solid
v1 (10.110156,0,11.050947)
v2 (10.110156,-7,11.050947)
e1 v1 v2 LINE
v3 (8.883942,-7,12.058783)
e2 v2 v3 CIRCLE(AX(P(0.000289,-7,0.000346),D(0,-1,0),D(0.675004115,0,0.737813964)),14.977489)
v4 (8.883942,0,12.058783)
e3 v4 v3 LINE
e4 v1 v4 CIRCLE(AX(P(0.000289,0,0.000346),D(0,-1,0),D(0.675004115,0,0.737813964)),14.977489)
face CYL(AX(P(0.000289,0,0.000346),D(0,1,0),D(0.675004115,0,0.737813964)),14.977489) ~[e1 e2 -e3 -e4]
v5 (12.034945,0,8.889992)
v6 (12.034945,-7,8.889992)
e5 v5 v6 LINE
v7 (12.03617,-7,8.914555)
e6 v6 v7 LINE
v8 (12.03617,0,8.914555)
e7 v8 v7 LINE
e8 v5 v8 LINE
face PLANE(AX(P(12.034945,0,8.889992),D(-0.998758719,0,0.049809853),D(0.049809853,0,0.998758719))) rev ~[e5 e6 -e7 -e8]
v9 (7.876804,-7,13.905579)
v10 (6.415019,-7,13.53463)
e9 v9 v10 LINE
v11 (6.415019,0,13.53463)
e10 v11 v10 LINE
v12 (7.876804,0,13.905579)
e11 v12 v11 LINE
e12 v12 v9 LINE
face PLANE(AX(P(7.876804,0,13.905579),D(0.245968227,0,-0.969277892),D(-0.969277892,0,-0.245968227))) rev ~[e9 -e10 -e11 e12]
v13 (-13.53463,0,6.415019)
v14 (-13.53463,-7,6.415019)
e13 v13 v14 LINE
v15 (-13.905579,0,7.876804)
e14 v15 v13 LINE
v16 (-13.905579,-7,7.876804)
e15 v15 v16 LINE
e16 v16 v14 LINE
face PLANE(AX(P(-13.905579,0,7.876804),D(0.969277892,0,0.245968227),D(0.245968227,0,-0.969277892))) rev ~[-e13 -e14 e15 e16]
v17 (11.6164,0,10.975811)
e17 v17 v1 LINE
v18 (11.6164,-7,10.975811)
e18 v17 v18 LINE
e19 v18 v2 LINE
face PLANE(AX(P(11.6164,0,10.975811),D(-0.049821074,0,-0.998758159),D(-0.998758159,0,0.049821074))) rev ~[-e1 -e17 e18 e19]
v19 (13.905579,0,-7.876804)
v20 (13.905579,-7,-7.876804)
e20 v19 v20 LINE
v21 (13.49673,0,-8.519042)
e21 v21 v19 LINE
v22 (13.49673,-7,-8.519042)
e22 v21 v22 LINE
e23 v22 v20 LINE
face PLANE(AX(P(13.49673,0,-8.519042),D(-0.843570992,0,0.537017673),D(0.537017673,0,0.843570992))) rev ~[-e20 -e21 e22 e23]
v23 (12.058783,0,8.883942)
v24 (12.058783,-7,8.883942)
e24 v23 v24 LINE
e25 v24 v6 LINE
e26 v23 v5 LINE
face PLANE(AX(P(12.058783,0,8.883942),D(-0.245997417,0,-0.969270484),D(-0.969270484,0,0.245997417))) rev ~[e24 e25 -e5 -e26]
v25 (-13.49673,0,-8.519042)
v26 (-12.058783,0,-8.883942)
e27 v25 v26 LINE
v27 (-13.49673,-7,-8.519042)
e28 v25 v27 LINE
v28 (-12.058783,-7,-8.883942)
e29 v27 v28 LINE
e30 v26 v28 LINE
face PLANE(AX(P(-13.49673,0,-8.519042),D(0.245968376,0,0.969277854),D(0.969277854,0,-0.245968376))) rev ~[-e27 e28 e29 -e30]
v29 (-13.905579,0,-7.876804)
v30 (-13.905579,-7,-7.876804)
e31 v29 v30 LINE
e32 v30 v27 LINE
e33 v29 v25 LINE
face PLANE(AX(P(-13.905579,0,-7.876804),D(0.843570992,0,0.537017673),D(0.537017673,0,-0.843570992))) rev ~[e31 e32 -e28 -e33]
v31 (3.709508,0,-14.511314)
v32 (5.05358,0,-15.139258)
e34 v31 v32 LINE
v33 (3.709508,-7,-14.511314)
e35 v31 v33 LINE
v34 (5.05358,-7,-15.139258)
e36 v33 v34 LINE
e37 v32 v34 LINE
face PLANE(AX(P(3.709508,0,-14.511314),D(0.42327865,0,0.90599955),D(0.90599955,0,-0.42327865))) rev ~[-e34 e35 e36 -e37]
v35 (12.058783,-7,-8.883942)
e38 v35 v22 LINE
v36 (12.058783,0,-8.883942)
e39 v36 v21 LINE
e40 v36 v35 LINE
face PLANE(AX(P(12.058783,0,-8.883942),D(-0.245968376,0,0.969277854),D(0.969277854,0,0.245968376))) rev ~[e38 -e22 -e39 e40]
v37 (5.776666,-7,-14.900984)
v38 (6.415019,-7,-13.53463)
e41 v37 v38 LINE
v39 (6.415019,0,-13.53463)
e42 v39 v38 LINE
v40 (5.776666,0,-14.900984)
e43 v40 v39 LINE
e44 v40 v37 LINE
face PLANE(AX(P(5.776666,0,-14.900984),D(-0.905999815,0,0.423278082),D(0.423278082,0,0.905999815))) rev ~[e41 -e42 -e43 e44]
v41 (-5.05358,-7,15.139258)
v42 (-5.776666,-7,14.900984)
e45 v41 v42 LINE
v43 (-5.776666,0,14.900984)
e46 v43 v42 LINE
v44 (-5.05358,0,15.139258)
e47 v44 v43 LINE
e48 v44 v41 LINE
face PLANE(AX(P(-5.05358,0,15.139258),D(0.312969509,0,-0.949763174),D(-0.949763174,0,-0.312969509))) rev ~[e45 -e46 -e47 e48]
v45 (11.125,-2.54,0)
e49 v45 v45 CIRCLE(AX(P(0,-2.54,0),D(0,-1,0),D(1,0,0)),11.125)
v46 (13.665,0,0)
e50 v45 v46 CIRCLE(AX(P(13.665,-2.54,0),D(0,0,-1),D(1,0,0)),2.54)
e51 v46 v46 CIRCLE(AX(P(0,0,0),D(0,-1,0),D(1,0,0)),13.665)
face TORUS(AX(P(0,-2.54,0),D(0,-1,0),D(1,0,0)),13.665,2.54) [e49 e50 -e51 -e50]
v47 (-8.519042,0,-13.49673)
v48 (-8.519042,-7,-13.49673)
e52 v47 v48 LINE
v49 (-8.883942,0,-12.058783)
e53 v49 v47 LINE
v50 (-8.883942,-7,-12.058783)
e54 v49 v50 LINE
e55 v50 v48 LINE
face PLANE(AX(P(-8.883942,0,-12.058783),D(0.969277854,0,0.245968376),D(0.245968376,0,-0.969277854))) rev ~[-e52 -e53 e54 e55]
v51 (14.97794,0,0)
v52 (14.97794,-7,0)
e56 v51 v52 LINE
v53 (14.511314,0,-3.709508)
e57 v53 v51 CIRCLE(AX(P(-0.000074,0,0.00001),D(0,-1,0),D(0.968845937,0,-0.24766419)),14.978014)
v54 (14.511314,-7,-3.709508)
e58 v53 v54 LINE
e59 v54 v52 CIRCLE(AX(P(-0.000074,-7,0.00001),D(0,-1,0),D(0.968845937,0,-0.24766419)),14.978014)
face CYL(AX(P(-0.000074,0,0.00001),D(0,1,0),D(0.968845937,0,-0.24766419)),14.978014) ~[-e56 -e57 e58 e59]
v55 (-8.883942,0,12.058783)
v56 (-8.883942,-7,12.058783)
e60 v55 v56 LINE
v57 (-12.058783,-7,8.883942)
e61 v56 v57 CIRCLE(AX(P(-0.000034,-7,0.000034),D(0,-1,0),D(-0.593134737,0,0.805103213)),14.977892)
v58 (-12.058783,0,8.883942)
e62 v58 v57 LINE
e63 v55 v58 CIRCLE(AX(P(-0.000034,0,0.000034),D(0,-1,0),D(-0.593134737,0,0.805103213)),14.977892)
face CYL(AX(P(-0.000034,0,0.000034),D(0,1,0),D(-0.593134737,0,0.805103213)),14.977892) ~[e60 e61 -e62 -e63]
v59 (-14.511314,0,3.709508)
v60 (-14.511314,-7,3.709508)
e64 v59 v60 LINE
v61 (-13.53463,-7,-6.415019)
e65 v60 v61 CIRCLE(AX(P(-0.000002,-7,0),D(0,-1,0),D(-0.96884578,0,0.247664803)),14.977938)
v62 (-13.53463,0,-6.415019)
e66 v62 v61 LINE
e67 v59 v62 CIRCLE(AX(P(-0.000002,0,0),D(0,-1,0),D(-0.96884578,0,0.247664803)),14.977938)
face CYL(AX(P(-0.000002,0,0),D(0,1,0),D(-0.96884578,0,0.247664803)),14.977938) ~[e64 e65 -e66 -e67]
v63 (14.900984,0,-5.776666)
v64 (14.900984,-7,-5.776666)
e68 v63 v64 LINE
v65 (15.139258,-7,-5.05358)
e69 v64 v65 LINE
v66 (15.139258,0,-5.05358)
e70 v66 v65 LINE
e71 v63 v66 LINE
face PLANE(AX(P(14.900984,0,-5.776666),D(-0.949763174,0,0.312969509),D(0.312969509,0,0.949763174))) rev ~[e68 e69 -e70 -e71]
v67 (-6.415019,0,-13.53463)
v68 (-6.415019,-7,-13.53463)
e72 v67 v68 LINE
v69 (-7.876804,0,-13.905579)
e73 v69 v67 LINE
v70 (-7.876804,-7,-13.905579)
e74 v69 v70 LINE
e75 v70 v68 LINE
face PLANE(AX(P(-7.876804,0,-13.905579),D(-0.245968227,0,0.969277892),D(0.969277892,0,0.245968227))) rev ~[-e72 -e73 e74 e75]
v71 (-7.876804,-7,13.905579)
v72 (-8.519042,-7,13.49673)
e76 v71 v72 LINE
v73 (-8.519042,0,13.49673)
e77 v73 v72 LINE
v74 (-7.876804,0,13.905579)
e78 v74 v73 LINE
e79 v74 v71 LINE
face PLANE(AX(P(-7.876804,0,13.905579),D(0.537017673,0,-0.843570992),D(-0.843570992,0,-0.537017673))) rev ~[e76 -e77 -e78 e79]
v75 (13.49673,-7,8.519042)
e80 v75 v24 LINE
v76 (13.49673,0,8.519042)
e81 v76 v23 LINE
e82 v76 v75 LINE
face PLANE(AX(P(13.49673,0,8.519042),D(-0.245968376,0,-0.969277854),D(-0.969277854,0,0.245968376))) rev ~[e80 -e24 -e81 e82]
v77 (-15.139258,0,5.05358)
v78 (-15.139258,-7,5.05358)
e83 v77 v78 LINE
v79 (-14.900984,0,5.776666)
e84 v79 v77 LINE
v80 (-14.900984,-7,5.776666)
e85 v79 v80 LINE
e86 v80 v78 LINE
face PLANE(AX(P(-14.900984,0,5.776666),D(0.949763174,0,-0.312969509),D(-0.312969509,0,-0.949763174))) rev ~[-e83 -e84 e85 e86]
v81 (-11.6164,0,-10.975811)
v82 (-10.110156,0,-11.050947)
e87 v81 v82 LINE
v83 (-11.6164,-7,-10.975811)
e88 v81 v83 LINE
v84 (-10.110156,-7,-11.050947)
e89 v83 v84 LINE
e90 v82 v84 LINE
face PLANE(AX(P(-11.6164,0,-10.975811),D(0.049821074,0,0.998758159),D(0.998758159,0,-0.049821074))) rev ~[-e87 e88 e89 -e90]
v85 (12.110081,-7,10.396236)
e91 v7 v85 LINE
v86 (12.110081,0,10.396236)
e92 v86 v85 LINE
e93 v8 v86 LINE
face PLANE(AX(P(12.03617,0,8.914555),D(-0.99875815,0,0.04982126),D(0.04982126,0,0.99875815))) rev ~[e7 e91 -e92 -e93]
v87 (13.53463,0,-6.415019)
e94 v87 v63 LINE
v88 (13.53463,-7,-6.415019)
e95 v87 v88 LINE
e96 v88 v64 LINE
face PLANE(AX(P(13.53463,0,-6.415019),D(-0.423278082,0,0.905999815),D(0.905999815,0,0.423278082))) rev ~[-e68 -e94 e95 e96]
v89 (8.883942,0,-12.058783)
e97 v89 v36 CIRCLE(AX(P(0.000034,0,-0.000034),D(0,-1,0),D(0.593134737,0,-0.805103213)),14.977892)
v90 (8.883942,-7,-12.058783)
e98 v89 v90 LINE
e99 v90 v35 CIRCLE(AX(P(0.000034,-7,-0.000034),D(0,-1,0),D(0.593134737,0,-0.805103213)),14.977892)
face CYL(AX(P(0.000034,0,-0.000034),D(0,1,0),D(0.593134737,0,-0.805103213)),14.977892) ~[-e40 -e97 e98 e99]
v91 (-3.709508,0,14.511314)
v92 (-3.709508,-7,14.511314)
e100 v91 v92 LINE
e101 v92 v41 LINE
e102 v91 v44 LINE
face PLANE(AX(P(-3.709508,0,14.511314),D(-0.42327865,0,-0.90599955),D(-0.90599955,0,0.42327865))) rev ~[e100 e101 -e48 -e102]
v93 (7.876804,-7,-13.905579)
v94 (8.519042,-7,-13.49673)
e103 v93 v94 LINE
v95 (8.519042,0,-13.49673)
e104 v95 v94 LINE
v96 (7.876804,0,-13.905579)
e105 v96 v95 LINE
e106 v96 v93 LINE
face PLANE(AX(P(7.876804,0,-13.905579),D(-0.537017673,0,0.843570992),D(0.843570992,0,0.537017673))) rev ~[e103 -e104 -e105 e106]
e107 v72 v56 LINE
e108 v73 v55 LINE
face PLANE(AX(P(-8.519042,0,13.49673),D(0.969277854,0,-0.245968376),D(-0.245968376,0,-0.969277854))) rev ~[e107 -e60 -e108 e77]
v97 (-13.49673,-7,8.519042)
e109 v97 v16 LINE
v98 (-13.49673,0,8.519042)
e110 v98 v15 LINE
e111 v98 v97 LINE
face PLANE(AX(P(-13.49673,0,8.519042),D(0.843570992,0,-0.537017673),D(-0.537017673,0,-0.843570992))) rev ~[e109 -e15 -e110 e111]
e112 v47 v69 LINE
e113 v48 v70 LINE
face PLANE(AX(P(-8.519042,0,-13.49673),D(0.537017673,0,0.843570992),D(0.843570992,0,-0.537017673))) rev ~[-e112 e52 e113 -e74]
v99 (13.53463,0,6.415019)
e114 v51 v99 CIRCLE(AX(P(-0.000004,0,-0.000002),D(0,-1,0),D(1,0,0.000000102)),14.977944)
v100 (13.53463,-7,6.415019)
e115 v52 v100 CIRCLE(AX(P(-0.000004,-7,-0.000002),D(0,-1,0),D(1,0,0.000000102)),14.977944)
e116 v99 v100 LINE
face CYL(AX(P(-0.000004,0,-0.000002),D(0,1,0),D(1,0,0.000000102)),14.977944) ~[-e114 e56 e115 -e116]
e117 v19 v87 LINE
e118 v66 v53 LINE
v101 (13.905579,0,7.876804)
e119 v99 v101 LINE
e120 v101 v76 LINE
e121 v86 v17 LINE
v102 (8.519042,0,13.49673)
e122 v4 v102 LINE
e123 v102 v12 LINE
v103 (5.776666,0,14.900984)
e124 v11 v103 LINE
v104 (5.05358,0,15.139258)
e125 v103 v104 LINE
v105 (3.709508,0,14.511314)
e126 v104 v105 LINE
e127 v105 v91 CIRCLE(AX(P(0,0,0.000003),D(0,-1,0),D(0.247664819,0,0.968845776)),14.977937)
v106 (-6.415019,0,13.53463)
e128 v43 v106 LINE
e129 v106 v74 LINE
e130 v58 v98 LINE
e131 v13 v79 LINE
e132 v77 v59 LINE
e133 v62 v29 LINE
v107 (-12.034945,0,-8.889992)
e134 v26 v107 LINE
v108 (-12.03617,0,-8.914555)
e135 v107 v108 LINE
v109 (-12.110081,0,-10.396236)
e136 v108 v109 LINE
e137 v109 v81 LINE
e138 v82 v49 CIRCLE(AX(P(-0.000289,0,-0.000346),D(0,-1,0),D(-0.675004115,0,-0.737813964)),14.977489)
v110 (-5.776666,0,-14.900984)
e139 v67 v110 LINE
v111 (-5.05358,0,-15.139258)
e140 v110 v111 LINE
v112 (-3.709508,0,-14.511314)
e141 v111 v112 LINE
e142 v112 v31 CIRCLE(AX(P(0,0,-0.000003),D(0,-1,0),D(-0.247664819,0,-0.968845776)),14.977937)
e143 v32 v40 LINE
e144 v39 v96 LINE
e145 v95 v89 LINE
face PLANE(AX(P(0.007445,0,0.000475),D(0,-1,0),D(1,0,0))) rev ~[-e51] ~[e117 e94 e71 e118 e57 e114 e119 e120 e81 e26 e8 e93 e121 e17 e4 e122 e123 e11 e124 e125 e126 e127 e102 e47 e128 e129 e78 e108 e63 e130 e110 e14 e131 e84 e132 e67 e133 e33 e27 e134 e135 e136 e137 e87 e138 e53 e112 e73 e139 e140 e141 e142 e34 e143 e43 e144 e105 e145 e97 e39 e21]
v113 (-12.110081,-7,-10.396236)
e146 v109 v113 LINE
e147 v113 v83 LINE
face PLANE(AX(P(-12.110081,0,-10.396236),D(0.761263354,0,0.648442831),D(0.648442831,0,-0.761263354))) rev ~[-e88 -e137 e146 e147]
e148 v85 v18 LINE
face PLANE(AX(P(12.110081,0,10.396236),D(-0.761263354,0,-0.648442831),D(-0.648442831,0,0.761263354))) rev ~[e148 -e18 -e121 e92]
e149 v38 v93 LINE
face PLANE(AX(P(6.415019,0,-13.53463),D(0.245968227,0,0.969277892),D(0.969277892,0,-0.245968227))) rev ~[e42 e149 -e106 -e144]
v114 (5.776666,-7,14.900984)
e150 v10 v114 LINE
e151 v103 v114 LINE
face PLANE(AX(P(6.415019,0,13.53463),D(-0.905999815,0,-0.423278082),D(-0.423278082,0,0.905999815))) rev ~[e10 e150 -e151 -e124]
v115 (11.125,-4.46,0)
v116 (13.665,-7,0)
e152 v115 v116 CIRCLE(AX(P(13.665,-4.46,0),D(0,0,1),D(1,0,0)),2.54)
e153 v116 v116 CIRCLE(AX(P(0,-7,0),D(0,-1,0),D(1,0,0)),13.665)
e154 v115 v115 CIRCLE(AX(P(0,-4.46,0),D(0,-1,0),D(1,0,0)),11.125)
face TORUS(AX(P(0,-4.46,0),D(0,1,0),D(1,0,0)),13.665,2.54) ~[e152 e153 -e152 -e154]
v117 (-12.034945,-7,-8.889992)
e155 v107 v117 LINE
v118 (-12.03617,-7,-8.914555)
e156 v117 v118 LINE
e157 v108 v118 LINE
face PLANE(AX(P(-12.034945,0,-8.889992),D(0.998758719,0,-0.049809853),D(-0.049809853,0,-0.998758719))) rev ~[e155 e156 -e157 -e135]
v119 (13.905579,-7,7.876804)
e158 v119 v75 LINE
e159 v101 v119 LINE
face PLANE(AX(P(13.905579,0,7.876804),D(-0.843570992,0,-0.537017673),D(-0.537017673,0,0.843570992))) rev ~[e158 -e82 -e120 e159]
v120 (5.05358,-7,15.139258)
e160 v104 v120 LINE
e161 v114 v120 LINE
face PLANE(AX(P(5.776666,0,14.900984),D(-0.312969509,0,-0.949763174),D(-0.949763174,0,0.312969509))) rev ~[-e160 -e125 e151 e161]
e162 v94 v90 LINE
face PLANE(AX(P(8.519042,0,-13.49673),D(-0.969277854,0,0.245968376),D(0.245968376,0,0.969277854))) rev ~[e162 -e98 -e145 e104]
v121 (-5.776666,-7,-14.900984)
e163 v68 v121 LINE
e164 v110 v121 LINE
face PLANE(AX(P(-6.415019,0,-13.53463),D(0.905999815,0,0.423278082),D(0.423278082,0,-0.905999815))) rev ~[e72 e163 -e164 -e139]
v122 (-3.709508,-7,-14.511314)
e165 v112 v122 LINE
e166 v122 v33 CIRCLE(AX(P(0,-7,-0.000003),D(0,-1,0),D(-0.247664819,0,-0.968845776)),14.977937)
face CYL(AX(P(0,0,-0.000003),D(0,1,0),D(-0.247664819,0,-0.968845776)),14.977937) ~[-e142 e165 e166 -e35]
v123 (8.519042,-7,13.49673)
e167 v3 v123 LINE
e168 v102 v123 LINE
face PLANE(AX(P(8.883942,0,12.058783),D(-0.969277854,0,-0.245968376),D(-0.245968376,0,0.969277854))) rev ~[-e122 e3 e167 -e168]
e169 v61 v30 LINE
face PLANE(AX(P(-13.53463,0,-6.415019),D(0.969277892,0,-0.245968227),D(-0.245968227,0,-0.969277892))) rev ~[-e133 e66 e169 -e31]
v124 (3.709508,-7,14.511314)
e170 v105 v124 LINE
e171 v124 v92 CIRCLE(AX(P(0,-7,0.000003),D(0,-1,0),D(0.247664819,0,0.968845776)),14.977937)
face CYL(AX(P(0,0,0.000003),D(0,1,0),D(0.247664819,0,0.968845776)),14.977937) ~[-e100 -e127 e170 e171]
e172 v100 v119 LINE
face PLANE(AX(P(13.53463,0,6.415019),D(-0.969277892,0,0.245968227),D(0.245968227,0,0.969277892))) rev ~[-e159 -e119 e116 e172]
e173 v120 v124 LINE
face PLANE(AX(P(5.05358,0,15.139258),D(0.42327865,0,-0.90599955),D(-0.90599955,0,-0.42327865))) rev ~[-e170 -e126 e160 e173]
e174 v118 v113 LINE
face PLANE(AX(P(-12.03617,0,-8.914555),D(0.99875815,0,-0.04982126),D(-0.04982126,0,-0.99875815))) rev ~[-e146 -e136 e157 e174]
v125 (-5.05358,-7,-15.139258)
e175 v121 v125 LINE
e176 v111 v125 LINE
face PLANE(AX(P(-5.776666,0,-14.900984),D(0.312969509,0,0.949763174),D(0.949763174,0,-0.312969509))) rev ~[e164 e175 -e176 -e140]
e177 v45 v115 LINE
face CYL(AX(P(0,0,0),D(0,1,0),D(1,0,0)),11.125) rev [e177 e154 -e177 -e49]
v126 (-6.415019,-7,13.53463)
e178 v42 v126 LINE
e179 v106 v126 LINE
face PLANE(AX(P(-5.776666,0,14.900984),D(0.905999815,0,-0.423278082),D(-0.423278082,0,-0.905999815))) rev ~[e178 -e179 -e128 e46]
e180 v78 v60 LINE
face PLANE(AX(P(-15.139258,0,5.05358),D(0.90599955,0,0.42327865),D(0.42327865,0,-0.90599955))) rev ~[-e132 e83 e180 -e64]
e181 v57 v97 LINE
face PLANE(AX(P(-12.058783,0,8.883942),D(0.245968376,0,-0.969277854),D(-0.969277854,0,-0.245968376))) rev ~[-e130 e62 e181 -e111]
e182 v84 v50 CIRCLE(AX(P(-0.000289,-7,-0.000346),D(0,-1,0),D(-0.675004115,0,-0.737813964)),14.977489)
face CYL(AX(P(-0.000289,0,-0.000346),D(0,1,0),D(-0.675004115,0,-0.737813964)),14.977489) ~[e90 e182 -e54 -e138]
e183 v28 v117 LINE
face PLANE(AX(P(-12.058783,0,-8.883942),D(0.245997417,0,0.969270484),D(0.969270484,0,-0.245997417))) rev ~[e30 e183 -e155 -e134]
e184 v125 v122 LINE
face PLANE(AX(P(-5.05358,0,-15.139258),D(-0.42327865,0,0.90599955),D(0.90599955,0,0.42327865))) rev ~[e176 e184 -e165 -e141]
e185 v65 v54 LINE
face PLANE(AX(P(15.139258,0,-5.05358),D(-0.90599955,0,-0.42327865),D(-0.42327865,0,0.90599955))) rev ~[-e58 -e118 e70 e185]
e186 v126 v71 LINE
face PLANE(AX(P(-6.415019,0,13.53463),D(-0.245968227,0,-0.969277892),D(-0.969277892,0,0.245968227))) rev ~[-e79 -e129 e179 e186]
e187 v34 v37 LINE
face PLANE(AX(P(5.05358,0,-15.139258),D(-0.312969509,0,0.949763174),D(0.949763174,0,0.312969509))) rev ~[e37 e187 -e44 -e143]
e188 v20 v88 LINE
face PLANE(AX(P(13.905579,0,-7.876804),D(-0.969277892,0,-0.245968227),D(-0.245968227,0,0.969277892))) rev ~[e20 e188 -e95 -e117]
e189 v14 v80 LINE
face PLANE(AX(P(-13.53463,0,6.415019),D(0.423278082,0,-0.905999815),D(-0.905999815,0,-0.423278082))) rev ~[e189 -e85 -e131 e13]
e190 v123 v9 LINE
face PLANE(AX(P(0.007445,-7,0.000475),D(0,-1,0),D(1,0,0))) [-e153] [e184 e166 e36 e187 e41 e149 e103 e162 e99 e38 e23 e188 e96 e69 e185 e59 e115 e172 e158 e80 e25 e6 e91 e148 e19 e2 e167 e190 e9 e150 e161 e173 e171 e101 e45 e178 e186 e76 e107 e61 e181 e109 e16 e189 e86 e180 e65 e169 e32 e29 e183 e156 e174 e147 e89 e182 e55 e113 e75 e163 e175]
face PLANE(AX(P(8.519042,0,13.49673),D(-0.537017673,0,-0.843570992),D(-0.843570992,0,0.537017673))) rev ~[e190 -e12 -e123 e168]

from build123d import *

# Parameters (mm, degrees)
F0_R     = 11.125
F1_DEPTH = 7
F2_R     = 2.54


with BuildPart() as f1:
    # F0 (on Front) → F1 (new body)
    with BuildSketch(Plane.XZ):
        with BuildLine():
            ThreePointArc((14.511314, -3.709508), (14.860825, -1.869371), (14.97794, 0))
            ThreePointArc((14.97794, 0), (14.612658, 3.28769), (13.53463, 6.415019))
            ThreePointArc((13.53463, 6.415019), (12.856111, 7.684991), (12.058783, 8.883942))
            Line((12.058783, 8.883942), (12.034945, 8.889992))
            Line((12.034945, 8.889992), (12.03617, 8.914555))
            ThreePointArc((12.03617, 8.914555), (11.124567, 10.029093), (10.110156, 11.050947))
            ThreePointArc((10.110156, 11.050947), (9.510409, 11.57112), (8.883942, 12.058783))
            ThreePointArc((8.883942, 12.058783), (7.684991, 12.856111), (6.415019, 13.53463))
            ThreePointArc((6.415019, 13.53463), (5.085764, 14.088069), (3.709508, 14.511314))
            ThreePointArc((3.709508, 14.511314), (0, 14.97794), (-3.709508, 14.511314))
            ThreePointArc((-3.709508, 14.511314), (-5.085764, 14.088069), (-6.415019, 13.53463))
            ThreePointArc((-6.415019, 13.53463), (-7.684991, 12.856111), (-8.883942, 12.058783))
            ThreePointArc((-8.883942, 12.058783), (-10.591003, 10.591003), (-12.058783, 8.883942))
            ThreePointArc((-12.058783, 8.883942), (-12.856111, 7.684991), (-13.53463, 6.415019))
            ThreePointArc((-13.53463, 6.415019), (-14.088069, 5.085764), (-14.511314, 3.709508))
            ThreePointArc((-14.511314, 3.709508), (-14.908731, -1.438202), (-13.53463, -6.415019))
            ThreePointArc((-13.53463, -6.415019), (-12.856111, -7.684991), (-12.058783, -8.883942))
            Line((-12.058783, -8.883942), (-12.034945, -8.889992))
            Line((-12.034945, -8.889992), (-12.03617, -8.914555))
            ThreePointArc((-12.03617, -8.914555), (-11.124567, -10.029093), (-10.110156, -11.050947))
            ThreePointArc((-10.110156, -11.050947), (-9.510409, -11.57112), (-8.883942, -12.058783))
            ThreePointArc((-8.883942, -12.058783), (-7.684991, -12.856111), (-6.415019, -13.53463))
            ThreePointArc((-6.415019, -13.53463), (-5.085764, -14.088069), (-3.709508, -14.511314))
            ThreePointArc((-3.709508, -14.511314), (0, -14.97794), (3.709508, -14.511314))
            ThreePointArc((3.709508, -14.511314), (5.085764, -14.088069), (6.415019, -13.53463))
            ThreePointArc((6.415019, -13.53463), (7.684991, -12.856111), (8.883942, -12.058783))
            ThreePointArc((8.883942, -12.058783), (10.591003, -10.591003), (12.058783, -8.883942))
            ThreePointArc((12.058783, -8.883942), (12.856111, -7.684991), (13.53463, -6.415019))
            ThreePointArc((13.53463, -6.415019), (14.088069, -5.085764), (14.511314, -3.709508))
        make_face()
        Circle(F0_R, mode=Mode.SUBTRACT)
        with BuildLine():
            Line((-11.6164, -10.975811), (-10.110156, -11.050947))
            ThreePointArc((-10.110156, -11.050947), (-11.124567, -10.029093), (-12.03617, -8.914555))
            Line((-12.03617, -8.914555), (-12.110081, -10.396236))
            Line((-12.110081, -10.396236), (-11.6164, -10.975811))
        make_face()
        with BuildLine():
            Line((-13.49673, -8.519042), (-12.058783, -8.883942))
            ThreePointArc((-12.058783, -8.883942), (-12.856111, -7.684991), (-13.53463, -6.415019))
            Line((-13.53463, -6.415019), (-13.905579, -7.876804))
            Line((-13.905579, -7.876804), (-13.49673, -8.519042))
        make_face()
        with BuildLine():
            Line((-7.876804, -13.905579), (-6.415019, -13.53463))
            ThreePointArc((-6.415019, -13.53463), (-7.684991, -12.856111), (-8.883942, -12.058783))
            Line((-8.883942, -12.058783), (-8.519042, -13.49673))
            Line((-8.519042, -13.49673), (-7.876804, -13.905579))
        make_face()
        with BuildLine():
            Line((-5.05358, -15.139258), (-3.709508, -14.511314))
            ThreePointArc((-3.709508, -14.511314), (-5.085764, -14.088069), (-6.415019, -13.53463))
            Line((-6.415019, -13.53463), (-5.776666, -14.900984))
            Line((-5.776666, -14.900984), (-5.05358, -15.139258))
        make_face()
        with BuildLine():
            Line((5.776666, -14.900984), (6.415019, -13.53463))
            ThreePointArc((6.415019, -13.53463), (5.085764, -14.088069), (3.709508, -14.511314))
            Line((3.709508, -14.511314), (5.05358, -15.139258))
            Line((5.05358, -15.139258), (5.776666, -14.900984))
        make_face()
        with BuildLine():
            Line((8.519042, -13.49673), (8.883942, -12.058783))
            ThreePointArc((8.883942, -12.058783), (7.684991, -12.856111), (6.415019, -13.53463))
            Line((6.415019, -13.53463), (7.876804, -13.905579))
            Line((7.876804, -13.905579), (8.519042, -13.49673))
        make_face()
        with BuildLine():
            Line((13.905579, -7.876804), (13.53463, -6.415019))
            ThreePointArc((13.53463, -6.415019), (12.856111, -7.684991), (12.058783, -8.883942))
            Line((12.058783, -8.883942), (13.49673, -8.519042))
            Line((13.49673, -8.519042), (13.905579, -7.876804))
        make_face()
        with BuildLine():
            Line((15.139258, -5.05358), (14.511314, -3.709508))
            ThreePointArc((14.511314, -3.709508), (14.088069, -5.085764), (13.53463, -6.415019))
            Line((13.53463, -6.415019), (14.900984, -5.776666))
            Line((14.900984, -5.776666), (15.139258, -5.05358))
        make_face()
        with BuildLine():
            ThreePointArc((-14.511314, 3.709508), (-14.088069, 5.085764), (-13.53463, 6.415019))
            Line((-13.53463, 6.415019), (-14.900984, 5.776666))
            Line((-14.900984, 5.776666), (-15.139258, 5.05358))
            Line((-15.139258, 5.05358), (-14.511314, 3.709508))
        make_face()
        with BuildLine():
            ThreePointArc((-13.53463, 6.415019), (-12.856111, 7.684991), (-12.058783, 8.883942))
            Line((-12.058783, 8.883942), (-13.49673, 8.519042))
            Line((-13.49673, 8.519042), (-13.905579, 7.876804))
            Line((-13.905579, 7.876804), (-13.53463, 6.415019))
        make_face()
        with BuildLine():
            ThreePointArc((12.058783, 8.883942), (12.856111, 7.684991), (13.53463, 6.415019))
            Line((13.53463, 6.415019), (13.905579, 7.876804))
            Line((13.905579, 7.876804), (13.49673, 8.519042))
            Line((13.49673, 8.519042), (12.058783, 8.883942))
        make_face()
        with BuildLine():
            ThreePointArc((10.110156, 11.050947), (11.124567, 10.029093), (12.03617, 8.914555))
            Line((12.03617, 8.914555), (12.110081, 10.396236))
            Line((12.110081, 10.396236), (11.6164, 10.975811))
            Line((11.6164, 10.975811), (10.110156, 11.050947))
        make_face()
        with BuildLine():
            ThreePointArc((6.415019, 13.53463), (7.684991, 12.856111), (8.883942, 12.058783))
            Line((8.883942, 12.058783), (8.519042, 13.49673))
            Line((8.519042, 13.49673), (7.876804, 13.905579))
            Line((7.876804, 13.905579), (6.415019, 13.53463))
        make_face()
        with BuildLine():
            ThreePointArc((3.709508, 14.511314), (5.085764, 14.088069), (6.415019, 13.53463))
            Line((6.415019, 13.53463), (5.776666, 14.900984))
            Line((5.776666, 14.900984), (5.05358, 15.139258))
            Line((5.05358, 15.139258), (3.709508, 14.511314))
        make_face()
        with BuildLine():
            ThreePointArc((-6.415019, 13.53463), (-5.085764, 14.088069), (-3.709508, 14.511314))
            Line((-3.709508, 14.511314), (-5.05358, 15.139258))
            Line((-5.05358, 15.139258), (-5.776666, 14.900984))
            Line((-5.776666, 14.900984), (-6.415019, 13.53463))
        make_face()
        with BuildLine():
            ThreePointArc((-8.883942, 12.058783), (-7.684991, 12.856111), (-6.415019, 13.53463))
            Line((-6.415019, 13.53463), (-7.876804, 13.905579))
            Line((-7.876804, 13.905579), (-8.519042, 13.49673))
            Line((-8.519042, 13.49673), (-8.883942, 12.058783))
        make_face()
    extrude(amount=F1_DEPTH)

    # F2
    f2_edges = [f1.edges().sort_by_distance(p)[0] for p in [
        (-11.125, -7, 0),
        (-11.125, 0, 0),
    ]]
    fillet(f2_edges, radius=F2_R)


solid = f1.part
